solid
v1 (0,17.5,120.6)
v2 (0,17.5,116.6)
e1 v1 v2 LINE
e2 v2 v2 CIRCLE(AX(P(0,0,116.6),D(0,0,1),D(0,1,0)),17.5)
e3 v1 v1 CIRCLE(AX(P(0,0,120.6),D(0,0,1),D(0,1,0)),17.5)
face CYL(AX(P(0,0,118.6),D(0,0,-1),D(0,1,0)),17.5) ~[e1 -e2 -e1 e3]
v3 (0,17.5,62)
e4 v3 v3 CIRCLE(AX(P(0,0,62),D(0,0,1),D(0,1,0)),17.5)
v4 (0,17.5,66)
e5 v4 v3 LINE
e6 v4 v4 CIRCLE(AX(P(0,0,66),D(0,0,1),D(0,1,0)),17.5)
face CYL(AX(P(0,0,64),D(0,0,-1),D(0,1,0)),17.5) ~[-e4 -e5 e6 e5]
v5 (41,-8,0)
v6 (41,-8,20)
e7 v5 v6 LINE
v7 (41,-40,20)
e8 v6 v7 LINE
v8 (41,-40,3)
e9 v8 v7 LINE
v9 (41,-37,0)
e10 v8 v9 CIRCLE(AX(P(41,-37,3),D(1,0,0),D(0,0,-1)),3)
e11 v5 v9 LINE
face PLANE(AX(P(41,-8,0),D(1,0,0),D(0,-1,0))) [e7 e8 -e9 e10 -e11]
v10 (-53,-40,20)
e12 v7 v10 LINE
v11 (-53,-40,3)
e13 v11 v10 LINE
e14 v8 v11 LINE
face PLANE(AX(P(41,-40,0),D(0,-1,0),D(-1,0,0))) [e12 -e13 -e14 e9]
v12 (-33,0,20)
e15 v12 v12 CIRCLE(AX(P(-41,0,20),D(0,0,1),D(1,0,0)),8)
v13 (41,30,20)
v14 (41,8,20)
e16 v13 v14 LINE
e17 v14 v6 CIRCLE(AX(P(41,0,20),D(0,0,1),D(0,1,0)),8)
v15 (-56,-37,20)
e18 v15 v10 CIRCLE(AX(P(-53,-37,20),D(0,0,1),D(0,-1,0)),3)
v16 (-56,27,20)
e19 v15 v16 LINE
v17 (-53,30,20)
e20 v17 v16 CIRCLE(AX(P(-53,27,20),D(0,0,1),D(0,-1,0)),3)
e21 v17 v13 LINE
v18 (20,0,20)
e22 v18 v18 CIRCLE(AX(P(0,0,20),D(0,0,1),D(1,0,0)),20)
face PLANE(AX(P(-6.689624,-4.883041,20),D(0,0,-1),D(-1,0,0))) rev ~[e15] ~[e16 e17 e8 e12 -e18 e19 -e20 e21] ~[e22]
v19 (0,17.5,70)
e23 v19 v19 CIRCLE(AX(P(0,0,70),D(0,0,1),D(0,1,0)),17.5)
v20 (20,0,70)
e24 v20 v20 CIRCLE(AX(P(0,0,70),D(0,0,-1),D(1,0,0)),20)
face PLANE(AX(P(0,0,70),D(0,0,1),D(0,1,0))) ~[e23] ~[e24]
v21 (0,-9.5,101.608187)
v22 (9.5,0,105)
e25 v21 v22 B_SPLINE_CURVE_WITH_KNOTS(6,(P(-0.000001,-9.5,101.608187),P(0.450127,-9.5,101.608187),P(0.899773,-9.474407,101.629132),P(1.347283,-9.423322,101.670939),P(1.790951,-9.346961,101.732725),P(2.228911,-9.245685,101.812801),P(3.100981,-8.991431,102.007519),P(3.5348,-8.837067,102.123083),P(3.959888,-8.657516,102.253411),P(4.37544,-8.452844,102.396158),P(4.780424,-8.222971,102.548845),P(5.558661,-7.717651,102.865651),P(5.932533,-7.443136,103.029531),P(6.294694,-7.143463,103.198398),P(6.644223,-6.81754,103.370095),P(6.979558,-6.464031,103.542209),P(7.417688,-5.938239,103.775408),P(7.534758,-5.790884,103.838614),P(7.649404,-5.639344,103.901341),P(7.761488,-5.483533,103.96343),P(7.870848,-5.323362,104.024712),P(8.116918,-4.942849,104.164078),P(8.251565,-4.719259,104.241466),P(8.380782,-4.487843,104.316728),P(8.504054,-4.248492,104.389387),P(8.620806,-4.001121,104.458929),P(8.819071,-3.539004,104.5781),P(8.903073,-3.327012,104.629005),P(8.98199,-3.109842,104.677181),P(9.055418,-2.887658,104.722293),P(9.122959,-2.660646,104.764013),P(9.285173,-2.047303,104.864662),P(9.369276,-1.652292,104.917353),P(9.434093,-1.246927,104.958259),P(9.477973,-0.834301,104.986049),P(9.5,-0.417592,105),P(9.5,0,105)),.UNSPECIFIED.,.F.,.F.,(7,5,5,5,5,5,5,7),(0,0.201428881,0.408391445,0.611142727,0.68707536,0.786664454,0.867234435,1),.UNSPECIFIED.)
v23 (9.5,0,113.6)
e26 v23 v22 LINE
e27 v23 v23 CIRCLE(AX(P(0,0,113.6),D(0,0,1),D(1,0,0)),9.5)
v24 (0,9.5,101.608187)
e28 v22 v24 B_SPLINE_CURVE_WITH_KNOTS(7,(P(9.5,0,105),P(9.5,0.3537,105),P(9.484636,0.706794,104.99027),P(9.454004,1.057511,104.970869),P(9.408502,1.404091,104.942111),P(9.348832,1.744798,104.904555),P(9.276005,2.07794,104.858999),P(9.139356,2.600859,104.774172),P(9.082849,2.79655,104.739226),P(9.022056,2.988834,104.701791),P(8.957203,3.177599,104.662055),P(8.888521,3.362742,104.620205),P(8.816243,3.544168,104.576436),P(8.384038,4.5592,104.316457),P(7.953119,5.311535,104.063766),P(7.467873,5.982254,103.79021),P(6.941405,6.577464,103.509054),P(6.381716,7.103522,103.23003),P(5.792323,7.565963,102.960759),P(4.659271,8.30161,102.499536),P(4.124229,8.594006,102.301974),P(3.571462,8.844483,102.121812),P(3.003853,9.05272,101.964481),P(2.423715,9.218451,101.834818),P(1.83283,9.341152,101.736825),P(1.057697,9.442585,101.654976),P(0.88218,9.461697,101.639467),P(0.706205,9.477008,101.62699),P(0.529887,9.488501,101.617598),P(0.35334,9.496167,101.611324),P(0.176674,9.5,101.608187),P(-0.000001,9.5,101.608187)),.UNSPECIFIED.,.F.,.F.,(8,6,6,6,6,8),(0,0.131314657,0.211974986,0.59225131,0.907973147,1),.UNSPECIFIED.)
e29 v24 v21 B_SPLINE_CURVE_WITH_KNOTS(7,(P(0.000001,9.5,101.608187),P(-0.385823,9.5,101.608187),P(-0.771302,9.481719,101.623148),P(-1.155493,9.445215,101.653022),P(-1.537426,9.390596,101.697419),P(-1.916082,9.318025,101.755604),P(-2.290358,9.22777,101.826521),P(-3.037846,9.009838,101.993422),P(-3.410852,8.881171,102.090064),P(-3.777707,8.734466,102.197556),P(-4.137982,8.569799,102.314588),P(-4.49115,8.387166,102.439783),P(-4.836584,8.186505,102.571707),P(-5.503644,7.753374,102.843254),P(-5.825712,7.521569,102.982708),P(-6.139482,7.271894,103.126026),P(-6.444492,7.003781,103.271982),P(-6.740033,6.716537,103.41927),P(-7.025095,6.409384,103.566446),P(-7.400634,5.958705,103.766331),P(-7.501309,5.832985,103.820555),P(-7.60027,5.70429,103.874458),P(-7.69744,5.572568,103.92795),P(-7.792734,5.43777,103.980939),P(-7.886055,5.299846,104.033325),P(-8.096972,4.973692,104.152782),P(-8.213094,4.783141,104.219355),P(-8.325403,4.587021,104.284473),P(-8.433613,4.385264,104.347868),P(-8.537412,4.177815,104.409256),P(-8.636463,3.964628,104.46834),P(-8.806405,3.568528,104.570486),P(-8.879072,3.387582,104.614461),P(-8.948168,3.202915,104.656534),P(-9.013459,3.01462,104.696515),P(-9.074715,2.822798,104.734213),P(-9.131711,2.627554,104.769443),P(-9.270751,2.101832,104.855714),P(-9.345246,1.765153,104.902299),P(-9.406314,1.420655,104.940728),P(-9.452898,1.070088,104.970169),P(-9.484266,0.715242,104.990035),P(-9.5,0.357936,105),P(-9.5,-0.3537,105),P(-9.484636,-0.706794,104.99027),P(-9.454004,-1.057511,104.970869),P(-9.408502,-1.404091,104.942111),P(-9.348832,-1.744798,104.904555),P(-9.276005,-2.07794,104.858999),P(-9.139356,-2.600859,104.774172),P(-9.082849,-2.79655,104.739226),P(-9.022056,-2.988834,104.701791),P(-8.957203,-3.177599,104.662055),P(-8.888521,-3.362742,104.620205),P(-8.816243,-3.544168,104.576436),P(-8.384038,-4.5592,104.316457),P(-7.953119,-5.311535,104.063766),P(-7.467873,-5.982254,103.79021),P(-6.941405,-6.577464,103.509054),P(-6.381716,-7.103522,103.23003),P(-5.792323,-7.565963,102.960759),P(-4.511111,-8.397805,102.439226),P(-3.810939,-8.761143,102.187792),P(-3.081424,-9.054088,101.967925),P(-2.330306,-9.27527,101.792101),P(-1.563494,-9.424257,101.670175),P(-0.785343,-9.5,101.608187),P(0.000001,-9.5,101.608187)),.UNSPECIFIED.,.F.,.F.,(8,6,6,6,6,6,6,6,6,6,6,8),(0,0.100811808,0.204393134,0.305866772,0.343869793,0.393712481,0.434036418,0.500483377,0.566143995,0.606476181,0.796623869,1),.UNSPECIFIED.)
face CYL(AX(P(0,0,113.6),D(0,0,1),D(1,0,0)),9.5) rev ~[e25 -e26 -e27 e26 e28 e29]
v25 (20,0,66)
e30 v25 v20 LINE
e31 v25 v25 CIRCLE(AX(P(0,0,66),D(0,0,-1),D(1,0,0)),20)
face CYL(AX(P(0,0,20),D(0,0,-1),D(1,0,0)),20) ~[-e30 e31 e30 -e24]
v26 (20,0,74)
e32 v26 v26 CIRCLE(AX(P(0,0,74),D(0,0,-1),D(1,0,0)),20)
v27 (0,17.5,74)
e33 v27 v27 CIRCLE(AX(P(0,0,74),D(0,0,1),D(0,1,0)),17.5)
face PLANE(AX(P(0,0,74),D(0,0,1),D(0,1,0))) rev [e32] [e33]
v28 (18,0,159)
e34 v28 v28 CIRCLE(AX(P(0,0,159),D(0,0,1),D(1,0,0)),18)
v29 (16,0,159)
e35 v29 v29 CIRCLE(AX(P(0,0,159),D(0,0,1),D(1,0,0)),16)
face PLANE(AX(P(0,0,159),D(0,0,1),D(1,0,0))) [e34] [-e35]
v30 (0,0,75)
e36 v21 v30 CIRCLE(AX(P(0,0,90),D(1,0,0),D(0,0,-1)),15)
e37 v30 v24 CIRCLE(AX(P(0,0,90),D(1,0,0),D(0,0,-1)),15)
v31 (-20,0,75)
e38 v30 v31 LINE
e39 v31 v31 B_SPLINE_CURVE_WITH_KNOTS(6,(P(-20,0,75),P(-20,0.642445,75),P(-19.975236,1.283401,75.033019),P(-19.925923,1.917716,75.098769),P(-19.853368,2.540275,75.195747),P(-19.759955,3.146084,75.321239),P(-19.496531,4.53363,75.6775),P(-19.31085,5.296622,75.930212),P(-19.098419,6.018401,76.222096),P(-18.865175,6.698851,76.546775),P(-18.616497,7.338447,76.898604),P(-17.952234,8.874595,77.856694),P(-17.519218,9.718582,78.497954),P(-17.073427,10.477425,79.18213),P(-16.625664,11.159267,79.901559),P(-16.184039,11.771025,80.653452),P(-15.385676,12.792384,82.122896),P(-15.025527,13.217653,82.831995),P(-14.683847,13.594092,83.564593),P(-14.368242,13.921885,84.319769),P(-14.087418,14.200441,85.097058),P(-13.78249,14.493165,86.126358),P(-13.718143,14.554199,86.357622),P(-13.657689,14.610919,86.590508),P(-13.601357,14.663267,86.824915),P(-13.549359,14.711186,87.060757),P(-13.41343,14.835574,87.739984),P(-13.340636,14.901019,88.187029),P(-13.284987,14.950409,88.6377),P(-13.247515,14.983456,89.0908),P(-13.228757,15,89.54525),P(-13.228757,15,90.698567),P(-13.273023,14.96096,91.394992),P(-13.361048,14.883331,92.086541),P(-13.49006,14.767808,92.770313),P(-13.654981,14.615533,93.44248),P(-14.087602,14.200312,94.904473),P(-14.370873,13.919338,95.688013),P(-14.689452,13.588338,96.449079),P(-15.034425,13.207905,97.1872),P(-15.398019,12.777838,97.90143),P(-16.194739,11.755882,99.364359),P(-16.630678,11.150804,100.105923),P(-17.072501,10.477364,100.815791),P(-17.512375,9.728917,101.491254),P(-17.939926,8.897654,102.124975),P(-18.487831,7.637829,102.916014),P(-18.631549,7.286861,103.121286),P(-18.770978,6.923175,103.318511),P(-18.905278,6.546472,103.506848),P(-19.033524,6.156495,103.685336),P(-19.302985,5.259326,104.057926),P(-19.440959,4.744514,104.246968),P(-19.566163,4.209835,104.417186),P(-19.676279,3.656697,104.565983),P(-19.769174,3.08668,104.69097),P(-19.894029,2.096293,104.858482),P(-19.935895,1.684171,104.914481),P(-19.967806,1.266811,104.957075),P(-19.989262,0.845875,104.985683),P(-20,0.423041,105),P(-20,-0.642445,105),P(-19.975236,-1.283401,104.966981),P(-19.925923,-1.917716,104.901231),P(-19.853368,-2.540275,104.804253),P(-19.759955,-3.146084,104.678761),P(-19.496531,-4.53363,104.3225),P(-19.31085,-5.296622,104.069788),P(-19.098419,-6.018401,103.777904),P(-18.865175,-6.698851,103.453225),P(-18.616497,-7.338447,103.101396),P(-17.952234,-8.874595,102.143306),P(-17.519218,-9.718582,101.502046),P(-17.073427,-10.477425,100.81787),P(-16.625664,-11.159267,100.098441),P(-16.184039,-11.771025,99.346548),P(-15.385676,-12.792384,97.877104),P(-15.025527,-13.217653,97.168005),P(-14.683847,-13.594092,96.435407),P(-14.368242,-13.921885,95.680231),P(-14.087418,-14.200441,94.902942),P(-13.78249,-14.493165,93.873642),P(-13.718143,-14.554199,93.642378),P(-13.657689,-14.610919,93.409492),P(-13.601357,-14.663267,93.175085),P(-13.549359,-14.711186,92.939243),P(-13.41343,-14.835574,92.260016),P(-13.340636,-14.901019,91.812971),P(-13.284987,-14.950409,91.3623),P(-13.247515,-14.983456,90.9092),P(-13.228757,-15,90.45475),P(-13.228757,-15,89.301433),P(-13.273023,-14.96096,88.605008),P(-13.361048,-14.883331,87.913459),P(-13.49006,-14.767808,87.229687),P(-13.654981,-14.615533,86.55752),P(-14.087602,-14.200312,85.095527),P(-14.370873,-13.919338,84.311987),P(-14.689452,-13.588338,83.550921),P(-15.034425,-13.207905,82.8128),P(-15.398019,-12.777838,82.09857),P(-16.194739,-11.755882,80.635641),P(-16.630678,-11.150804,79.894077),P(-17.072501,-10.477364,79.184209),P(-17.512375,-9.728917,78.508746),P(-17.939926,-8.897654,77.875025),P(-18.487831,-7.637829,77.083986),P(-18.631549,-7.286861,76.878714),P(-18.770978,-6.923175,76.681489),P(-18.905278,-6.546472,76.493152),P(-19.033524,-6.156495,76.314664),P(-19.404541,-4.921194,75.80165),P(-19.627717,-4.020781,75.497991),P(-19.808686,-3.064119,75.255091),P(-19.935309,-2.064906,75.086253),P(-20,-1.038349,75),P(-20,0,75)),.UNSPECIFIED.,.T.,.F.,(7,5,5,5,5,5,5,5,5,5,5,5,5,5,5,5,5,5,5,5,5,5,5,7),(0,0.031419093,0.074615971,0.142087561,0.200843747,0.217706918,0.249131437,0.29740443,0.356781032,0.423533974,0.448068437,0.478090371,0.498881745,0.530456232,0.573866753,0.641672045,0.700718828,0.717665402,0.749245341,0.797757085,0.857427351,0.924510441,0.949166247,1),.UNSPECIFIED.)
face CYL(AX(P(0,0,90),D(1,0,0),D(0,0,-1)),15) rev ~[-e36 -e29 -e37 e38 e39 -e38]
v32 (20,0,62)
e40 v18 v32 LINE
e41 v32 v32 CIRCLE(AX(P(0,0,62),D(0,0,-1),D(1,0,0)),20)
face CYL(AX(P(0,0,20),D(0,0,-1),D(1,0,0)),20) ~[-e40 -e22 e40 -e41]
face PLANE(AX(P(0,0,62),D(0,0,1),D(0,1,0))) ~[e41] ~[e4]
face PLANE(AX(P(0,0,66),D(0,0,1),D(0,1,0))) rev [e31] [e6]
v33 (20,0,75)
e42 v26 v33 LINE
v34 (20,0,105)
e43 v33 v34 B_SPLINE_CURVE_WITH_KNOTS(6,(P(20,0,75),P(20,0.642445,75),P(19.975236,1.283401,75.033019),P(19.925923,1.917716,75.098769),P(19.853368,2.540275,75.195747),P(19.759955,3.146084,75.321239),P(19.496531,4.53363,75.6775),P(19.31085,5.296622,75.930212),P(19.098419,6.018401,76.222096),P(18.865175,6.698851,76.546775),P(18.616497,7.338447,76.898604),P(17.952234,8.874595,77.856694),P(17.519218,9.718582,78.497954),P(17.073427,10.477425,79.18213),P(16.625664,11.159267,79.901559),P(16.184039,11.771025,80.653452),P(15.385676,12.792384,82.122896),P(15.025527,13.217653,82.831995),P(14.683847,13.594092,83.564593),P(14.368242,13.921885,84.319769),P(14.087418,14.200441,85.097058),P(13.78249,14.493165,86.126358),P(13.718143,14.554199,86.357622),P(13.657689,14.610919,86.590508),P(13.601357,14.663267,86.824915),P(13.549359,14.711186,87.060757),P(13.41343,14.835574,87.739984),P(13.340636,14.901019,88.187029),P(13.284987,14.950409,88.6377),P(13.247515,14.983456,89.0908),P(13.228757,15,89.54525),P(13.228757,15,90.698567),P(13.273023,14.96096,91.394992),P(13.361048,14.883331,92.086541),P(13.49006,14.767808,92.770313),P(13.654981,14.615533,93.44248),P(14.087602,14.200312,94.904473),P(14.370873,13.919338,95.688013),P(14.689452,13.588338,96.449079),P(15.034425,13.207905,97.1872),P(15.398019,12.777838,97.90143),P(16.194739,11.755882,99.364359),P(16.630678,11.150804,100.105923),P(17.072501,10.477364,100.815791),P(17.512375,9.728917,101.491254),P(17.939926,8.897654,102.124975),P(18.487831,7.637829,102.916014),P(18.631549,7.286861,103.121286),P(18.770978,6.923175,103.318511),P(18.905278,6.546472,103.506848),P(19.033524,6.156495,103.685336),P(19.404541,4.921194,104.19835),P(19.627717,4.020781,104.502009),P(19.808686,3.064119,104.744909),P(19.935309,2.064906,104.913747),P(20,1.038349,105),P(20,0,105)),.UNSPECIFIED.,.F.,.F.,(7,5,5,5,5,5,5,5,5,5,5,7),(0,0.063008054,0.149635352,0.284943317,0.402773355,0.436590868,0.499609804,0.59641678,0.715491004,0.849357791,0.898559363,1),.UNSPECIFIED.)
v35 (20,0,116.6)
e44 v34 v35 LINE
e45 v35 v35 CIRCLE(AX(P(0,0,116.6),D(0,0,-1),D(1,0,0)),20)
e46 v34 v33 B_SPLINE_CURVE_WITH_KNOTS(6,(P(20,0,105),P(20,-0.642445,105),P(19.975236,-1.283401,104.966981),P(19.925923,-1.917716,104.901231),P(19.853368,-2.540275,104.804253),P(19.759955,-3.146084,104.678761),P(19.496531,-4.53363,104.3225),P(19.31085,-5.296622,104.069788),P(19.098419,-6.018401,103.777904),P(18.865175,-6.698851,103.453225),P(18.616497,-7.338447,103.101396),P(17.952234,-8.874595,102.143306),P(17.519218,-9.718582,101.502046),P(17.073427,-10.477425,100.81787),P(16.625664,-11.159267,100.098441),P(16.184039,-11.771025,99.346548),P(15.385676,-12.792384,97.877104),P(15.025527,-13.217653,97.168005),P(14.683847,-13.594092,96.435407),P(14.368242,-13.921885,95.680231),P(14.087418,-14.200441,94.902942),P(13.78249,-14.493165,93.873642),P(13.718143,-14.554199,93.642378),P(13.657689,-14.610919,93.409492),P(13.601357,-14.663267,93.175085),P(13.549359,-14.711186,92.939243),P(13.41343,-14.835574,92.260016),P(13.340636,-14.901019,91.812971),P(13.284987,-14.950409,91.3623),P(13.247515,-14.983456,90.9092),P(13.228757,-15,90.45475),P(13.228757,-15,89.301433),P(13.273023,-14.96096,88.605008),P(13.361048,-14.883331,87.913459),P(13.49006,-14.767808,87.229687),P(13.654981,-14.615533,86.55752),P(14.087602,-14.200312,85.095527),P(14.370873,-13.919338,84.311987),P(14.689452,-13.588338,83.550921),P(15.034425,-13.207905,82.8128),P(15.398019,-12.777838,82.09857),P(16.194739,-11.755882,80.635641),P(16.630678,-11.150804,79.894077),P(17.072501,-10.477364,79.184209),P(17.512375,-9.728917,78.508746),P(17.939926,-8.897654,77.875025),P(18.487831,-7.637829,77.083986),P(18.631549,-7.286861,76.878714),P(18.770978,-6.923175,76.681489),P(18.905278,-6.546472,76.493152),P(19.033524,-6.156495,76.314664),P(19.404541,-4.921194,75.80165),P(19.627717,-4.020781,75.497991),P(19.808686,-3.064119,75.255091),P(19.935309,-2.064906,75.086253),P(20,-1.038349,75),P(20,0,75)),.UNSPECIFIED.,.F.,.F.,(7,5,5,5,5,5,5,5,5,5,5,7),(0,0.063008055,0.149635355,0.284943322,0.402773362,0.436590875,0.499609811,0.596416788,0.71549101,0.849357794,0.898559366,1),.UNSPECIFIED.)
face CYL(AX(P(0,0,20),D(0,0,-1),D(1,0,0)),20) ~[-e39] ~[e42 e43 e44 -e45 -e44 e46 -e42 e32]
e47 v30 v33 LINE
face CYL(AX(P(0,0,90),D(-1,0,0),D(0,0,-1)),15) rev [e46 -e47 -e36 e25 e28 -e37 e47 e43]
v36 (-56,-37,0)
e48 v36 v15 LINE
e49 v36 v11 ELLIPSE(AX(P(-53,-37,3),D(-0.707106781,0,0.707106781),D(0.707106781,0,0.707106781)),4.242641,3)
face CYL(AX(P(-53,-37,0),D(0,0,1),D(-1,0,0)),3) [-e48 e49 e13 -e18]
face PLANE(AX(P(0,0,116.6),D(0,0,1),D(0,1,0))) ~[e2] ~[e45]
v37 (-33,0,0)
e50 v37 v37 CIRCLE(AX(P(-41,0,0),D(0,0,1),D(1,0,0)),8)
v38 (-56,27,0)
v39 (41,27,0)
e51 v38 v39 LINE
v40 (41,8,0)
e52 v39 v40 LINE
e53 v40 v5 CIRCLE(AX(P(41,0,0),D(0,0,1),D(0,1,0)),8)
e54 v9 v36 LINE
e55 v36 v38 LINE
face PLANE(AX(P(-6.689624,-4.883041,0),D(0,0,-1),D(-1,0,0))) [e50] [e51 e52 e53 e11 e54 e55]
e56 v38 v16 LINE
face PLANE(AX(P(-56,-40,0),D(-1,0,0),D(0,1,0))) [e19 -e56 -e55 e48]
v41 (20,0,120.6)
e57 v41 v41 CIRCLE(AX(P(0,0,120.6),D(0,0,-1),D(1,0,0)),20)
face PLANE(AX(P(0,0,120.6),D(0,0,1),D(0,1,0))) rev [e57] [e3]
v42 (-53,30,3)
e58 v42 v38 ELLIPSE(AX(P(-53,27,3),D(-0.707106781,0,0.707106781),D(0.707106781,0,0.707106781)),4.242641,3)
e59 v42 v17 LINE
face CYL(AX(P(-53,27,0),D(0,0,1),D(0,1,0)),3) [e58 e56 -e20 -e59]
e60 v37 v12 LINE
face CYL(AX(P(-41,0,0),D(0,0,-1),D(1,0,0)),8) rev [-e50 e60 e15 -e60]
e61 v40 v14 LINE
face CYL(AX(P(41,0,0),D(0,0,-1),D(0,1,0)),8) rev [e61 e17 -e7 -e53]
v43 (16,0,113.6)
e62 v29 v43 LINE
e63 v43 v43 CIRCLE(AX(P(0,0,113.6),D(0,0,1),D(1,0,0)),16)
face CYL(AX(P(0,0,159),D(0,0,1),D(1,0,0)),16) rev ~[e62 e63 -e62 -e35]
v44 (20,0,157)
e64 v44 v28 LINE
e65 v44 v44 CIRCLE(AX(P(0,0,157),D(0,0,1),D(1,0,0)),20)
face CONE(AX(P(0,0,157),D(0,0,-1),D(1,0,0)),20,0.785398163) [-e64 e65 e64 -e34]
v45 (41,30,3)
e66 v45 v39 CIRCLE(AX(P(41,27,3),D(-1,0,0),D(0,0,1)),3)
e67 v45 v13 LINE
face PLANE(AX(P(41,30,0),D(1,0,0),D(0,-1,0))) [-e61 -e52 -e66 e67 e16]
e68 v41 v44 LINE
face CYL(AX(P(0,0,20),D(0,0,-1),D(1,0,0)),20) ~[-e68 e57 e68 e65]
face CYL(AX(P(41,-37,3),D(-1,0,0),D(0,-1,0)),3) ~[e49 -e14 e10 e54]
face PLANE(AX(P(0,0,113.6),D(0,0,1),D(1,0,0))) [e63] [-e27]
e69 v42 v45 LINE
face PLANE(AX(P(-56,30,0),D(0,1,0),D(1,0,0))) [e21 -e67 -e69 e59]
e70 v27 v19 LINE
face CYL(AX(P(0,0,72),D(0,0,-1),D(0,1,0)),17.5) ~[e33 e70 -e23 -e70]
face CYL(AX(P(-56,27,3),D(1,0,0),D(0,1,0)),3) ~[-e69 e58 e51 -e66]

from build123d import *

# Parameters (mm, degrees)
SKETCH1_R               = 8
BOSS_EXTRUDE1_DEPTH     = 20
SKETCH2_R               = 20
BOSS_EXTRUDE2_DEPTH     = 139
SKETCH3_R               = 15
CUT_EXTRUDE1_DEPTH      = 42
CUT_EXTRUDE1_DEPTH_BACK = 57
SKETCH4_W               = 4
SKETCH4_H               = 2.5
SKETCH5_R               = 16
CUT_EXTRUDE2_DEPTH      = 45.4
SKETCH6_R               = 9.5
CUT_EXTRUDE3_DEPTH      = 12
CHAMFER1_SIZE           = 2
FILLET1_R               = 3


with BuildPart() as part:
    # Sketch1 → Boss-Extrude1 (new body)
    with BuildSketch(Plane.XY):
        with BuildLine():
            Line((-56, 30), (41, 30))
            Line((41, 30), (41, 8))
            ThreePointArc((41, 8), (33, 0), (41, -8))
            Line((41, -8), (41, -40))
            Line((41, -40), (-56, -40))
            Line((-56, -40), (-56, 30))
        make_face()
        with Locations((-41, 0)):
            Circle(SKETCH1_R, mode=Mode.SUBTRACT)
    extrude(amount=BOSS_EXTRUDE1_DEPTH)

    # Sketch2 → Boss-Extrude2 (add)
    with BuildSketch(Plane.XY.offset(20)):
        Circle(SKETCH2_R)
    extrude(amount=BOSS_EXTRUDE2_DEPTH)

    # Sketch3 → Cut-Extrude1 (cut, two sides)
    with BuildSketch(Plane(origin=(0, 0, 0), x_dir=(0, 0, -1), z_dir=(1, 0, 0))) as cut_extrude1_sk:
        with Locations((-90, 0)):
            Circle(SKETCH3_R)
    extrude(amount=CUT_EXTRUDE1_DEPTH, mode=Mode.SUBTRACT)
    extrude(cut_extrude1_sk.sketch, amount=-CUT_EXTRUDE1_DEPTH_BACK, mode=Mode.SUBTRACT)

    # Sketch4 → Cut-Revolve1 (revolve, cut)
    with BuildSketch(Plane(origin=(0, 0, 0), x_dir=(0, 0, -1), z_dir=(1, 0, 0))):
        with Locations((-64, 18.75)):
            Rectangle(SKETCH4_W, SKETCH4_H)
        with Locations((-72, 18.75)):
            Rectangle(SKETCH4_W, SKETCH4_H)
        with Locations((-118.6, 18.75)):
            Rectangle(SKETCH4_W, SKETCH4_H)
    revolve(axis=Axis((0, 0, 0), (0, 0, 1)), mode=Mode.SUBTRACT)

    # Sketch5 → Cut-Extrude2 (cut)
    with BuildSketch(Plane.XY.offset(159)):
        Circle(SKETCH5_R)
    extrude(amount=-CUT_EXTRUDE2_DEPTH, mode=Mode.SUBTRACT)

    # Sketch6 → Cut-Extrude3 (cut)
    with BuildSketch(Plane.XY.offset(113.6)):
        Circle(SKETCH6_R)
    extrude(amount=-CUT_EXTRUDE3_DEPTH, mode=Mode.SUBTRACT)

    # Chamfer1
    chamfer1_edges = [part.edges().sort_by_distance(p)[0] for p in [
        (-20, 0, 159),
    ]]
    chamfer(chamfer1_edges, length=CHAMFER1_SIZE)

    # Fillet1
    fillet1_edges = [part.edges().sort_by_distance(p)[0] for p in [
        (-56, 30, 10),
        (-56, -40, 10),
        (-7.5, 30, 0),
        (-7.5, -40, 0),
    ]]
    fillet(fillet1_edges, radius=FILLET1_R)


solid = part.part
